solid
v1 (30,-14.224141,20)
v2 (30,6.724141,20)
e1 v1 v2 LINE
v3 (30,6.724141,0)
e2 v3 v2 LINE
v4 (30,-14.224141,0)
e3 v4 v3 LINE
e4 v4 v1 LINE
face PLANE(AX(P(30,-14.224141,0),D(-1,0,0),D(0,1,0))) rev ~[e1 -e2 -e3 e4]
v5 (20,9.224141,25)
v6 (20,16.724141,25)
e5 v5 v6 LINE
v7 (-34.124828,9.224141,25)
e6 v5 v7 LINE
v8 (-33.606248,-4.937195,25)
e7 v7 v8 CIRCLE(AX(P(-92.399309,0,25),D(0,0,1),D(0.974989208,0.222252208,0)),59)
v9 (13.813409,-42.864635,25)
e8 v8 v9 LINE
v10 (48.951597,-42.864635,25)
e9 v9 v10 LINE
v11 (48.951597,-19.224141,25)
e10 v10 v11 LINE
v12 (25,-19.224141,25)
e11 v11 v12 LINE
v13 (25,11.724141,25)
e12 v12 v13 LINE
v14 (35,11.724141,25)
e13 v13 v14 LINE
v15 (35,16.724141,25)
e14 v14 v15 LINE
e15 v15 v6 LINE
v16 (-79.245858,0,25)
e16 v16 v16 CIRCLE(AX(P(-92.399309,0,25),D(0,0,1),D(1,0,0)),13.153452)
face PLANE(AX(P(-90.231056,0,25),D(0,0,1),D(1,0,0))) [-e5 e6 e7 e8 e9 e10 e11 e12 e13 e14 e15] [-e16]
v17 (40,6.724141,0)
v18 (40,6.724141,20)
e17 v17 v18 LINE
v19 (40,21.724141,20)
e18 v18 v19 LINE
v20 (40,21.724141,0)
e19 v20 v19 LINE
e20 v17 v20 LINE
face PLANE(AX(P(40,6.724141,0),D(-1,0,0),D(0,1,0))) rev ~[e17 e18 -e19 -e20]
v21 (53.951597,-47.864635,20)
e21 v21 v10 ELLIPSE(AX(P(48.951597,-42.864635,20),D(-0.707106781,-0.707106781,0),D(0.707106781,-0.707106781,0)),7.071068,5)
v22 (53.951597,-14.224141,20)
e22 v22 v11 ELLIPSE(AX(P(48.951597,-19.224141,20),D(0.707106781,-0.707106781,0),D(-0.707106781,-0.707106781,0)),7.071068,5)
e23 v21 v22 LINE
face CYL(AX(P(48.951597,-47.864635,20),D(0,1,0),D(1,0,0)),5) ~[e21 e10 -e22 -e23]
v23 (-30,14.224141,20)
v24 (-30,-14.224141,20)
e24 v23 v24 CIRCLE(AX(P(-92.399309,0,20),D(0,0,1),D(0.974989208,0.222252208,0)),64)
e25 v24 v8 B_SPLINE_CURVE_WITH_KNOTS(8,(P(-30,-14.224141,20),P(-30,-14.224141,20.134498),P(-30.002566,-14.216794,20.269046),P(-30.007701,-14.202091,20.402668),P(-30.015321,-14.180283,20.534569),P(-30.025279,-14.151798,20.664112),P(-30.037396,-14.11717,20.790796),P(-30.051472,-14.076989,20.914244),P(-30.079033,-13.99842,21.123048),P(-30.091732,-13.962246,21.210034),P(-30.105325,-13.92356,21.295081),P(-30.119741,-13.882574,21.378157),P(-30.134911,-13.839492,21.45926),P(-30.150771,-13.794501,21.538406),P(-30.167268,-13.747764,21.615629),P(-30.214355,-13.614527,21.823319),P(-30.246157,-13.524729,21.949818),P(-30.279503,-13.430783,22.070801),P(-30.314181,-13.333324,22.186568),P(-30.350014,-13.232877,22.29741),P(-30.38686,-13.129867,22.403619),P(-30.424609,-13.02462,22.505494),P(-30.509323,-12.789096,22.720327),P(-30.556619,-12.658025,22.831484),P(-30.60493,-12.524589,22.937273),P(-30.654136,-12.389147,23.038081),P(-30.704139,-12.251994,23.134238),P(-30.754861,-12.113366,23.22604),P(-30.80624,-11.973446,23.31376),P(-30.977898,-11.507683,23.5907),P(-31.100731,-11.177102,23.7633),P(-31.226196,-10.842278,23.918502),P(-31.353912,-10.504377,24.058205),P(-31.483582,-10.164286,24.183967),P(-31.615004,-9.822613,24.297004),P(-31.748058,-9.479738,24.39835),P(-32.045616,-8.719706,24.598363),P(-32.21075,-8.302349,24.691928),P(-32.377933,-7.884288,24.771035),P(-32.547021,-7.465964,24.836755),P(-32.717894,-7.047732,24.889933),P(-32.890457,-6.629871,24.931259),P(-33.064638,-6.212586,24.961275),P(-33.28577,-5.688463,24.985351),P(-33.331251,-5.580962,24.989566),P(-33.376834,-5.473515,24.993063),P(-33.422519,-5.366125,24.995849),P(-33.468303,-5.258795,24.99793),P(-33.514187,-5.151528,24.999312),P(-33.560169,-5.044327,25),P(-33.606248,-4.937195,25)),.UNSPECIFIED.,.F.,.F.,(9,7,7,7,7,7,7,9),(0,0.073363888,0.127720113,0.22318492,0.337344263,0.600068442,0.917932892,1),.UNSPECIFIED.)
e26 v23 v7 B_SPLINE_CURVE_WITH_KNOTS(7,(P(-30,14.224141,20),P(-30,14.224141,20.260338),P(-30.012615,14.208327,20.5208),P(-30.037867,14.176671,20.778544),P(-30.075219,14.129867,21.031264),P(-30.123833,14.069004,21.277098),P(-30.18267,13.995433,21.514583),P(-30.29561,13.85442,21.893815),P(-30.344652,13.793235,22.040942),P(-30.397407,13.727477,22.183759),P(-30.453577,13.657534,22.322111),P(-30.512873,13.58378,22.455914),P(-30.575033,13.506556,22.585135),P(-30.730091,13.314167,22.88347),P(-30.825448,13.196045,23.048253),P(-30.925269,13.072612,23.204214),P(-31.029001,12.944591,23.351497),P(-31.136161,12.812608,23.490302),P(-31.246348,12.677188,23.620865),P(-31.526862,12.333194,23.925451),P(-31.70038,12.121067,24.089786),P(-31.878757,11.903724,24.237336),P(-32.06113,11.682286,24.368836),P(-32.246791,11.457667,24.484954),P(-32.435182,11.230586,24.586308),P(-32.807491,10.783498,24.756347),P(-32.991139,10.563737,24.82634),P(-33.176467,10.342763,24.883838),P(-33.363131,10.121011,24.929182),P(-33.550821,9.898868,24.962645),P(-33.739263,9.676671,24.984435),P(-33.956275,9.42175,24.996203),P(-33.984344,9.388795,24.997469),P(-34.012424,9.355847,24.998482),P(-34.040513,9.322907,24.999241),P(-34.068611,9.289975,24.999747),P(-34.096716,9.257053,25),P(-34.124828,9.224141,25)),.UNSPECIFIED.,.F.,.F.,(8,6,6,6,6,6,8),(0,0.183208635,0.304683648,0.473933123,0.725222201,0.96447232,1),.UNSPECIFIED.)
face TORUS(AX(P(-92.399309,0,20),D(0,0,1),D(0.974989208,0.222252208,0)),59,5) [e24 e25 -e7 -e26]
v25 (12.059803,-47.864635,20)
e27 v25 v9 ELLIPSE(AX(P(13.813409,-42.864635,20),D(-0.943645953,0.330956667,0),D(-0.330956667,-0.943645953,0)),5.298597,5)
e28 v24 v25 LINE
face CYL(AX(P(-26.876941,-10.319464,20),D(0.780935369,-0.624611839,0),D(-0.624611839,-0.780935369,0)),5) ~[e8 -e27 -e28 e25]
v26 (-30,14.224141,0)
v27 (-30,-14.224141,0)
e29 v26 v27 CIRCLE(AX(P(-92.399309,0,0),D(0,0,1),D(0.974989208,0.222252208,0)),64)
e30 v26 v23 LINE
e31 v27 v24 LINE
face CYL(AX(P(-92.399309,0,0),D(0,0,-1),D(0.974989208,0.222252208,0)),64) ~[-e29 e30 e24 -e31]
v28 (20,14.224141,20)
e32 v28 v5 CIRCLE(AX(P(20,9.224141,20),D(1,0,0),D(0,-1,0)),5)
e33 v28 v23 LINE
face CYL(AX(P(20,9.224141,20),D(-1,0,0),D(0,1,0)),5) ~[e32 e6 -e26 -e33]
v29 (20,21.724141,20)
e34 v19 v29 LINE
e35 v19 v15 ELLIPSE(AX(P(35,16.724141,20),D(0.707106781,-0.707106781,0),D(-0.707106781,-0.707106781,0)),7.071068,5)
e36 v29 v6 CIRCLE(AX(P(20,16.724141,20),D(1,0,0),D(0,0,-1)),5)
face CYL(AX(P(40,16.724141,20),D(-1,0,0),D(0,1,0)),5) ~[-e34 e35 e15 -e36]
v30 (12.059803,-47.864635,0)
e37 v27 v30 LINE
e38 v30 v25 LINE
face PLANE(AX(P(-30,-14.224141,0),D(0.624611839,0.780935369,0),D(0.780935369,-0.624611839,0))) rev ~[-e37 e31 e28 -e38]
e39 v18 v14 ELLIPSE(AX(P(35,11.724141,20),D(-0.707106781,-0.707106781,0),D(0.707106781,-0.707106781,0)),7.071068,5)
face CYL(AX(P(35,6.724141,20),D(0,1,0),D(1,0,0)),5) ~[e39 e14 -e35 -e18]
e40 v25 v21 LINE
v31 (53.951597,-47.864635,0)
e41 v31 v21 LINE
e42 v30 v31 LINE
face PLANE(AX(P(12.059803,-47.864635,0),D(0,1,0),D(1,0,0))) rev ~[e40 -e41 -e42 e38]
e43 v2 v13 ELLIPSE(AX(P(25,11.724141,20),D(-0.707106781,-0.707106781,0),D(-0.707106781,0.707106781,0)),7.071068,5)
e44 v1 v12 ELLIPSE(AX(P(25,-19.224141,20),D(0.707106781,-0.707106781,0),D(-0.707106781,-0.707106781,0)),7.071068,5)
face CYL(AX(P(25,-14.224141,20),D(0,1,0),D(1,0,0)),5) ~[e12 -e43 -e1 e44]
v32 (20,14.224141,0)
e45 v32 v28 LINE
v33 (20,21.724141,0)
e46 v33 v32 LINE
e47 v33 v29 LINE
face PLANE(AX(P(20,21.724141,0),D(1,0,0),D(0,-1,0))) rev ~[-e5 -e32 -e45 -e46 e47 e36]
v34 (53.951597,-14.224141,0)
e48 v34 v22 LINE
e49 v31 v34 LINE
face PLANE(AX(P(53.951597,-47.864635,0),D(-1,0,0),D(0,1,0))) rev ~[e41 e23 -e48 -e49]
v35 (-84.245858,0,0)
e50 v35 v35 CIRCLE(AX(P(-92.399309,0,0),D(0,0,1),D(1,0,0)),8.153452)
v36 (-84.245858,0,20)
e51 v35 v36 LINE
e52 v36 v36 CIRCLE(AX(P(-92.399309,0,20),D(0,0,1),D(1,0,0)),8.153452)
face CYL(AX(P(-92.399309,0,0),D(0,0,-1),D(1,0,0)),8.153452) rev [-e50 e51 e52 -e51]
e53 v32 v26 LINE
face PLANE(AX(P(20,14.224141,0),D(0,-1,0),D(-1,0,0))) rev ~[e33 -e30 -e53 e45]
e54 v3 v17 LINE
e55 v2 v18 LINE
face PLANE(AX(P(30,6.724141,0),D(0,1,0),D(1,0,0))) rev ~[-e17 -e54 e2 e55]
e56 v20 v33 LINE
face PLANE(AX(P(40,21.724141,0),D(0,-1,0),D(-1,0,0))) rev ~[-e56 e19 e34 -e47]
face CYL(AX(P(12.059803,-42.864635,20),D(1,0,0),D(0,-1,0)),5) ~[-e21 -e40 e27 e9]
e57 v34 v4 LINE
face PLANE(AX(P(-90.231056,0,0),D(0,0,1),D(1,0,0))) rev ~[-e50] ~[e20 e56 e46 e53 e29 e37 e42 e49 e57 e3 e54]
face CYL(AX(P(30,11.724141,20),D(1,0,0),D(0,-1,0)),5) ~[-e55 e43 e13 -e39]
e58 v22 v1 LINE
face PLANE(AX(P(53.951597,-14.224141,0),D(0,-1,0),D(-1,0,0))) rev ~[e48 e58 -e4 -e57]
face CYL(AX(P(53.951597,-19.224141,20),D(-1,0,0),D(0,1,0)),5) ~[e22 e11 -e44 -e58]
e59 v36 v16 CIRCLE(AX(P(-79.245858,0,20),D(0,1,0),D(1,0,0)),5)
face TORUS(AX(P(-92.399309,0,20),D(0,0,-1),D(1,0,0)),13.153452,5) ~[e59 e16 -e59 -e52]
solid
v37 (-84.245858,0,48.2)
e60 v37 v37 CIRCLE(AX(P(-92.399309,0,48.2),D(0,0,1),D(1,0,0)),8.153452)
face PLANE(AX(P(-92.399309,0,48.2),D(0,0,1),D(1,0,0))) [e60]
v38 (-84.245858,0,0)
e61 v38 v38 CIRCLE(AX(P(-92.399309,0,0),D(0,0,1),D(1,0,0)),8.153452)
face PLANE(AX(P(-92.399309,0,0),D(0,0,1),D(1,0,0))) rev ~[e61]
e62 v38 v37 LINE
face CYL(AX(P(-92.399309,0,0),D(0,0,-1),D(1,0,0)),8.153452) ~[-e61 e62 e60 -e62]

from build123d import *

# Parameters (mm, degrees)
F0_R     = 8.153451715
F0_W     = 10
F0_H     = 7.5
F1_DEPTH = 25
F2_DEPTH = 48.2
F3_R     = 5


with BuildPart() as f1:
    # F0 (on Top) → F1 (new body)
    with BuildSketch(Plane.XY):
        with BuildLine():
            ThreePointArc((-30, 14.2241413077), (-156.3993093236, 0), (-30, -14.2241413077))
            Line((-30, -14.2241413077), (-30, 14.2241413077))
        make_face()
        with Locations((-92.3993093236, 0)):
            Circle(F0_R, mode=Mode.SUBTRACT)
        Polygon((-30, -14.2241413077), (30, -14.2241413077), (30, 6.7241413077), (20, 6.7241413077), (20, 14.2241413077), (4.5457084796, 14.2241413077), (-30, 14.2241413077), align=None)
        Polygon((53.9515970054, -14.2241413077), (30, -14.2241413077), (-30, -14.2241413077), (12.0598031208, -47.8646345437), (53.9515970054, -47.8646345437), align=None)
        Polygon((30, 14.2241413077), (30, 6.7241413077), (40, 6.7241413077), (40, 21.7241413077), (20, 21.7241413077), (20, 14.2241413077), align=None)
        with Locations((25, 10.4741413077)):
            Rectangle(F0_W, F0_H)
    extrude(amount=F1_DEPTH)

    # F3
    f3_edges = [f1.edges().sort_by_distance(p)[0] for p in [
        (-8.970098, -31.044388, 25),
        (33.0057, -47.864635, 25),
        (41.975799, -14.224141, 25),
        (53.951597, -31.044388, 25),
        (-156.399309, 0, 25),
        (30, -3.75, 25),
        (35, 6.724141, 25),
        (30, 21.724141, 25),
        (40, 14.224141, 25),
        (-5, 14.224141, 25),
        (-100.552761, 0, 25),
    ]]
    fillet(f3_edges, radius=F3_R)


with BuildPart() as f2:
    # F0 (on Top) → F2 (new body)
    with BuildSketch(Plane.XY):
        with Locations((-92.3993093236, 0)):
            Circle(F0_R)
    extrude(amount=F2_DEPTH)


solid = Compound([f1.part, f2.part])
